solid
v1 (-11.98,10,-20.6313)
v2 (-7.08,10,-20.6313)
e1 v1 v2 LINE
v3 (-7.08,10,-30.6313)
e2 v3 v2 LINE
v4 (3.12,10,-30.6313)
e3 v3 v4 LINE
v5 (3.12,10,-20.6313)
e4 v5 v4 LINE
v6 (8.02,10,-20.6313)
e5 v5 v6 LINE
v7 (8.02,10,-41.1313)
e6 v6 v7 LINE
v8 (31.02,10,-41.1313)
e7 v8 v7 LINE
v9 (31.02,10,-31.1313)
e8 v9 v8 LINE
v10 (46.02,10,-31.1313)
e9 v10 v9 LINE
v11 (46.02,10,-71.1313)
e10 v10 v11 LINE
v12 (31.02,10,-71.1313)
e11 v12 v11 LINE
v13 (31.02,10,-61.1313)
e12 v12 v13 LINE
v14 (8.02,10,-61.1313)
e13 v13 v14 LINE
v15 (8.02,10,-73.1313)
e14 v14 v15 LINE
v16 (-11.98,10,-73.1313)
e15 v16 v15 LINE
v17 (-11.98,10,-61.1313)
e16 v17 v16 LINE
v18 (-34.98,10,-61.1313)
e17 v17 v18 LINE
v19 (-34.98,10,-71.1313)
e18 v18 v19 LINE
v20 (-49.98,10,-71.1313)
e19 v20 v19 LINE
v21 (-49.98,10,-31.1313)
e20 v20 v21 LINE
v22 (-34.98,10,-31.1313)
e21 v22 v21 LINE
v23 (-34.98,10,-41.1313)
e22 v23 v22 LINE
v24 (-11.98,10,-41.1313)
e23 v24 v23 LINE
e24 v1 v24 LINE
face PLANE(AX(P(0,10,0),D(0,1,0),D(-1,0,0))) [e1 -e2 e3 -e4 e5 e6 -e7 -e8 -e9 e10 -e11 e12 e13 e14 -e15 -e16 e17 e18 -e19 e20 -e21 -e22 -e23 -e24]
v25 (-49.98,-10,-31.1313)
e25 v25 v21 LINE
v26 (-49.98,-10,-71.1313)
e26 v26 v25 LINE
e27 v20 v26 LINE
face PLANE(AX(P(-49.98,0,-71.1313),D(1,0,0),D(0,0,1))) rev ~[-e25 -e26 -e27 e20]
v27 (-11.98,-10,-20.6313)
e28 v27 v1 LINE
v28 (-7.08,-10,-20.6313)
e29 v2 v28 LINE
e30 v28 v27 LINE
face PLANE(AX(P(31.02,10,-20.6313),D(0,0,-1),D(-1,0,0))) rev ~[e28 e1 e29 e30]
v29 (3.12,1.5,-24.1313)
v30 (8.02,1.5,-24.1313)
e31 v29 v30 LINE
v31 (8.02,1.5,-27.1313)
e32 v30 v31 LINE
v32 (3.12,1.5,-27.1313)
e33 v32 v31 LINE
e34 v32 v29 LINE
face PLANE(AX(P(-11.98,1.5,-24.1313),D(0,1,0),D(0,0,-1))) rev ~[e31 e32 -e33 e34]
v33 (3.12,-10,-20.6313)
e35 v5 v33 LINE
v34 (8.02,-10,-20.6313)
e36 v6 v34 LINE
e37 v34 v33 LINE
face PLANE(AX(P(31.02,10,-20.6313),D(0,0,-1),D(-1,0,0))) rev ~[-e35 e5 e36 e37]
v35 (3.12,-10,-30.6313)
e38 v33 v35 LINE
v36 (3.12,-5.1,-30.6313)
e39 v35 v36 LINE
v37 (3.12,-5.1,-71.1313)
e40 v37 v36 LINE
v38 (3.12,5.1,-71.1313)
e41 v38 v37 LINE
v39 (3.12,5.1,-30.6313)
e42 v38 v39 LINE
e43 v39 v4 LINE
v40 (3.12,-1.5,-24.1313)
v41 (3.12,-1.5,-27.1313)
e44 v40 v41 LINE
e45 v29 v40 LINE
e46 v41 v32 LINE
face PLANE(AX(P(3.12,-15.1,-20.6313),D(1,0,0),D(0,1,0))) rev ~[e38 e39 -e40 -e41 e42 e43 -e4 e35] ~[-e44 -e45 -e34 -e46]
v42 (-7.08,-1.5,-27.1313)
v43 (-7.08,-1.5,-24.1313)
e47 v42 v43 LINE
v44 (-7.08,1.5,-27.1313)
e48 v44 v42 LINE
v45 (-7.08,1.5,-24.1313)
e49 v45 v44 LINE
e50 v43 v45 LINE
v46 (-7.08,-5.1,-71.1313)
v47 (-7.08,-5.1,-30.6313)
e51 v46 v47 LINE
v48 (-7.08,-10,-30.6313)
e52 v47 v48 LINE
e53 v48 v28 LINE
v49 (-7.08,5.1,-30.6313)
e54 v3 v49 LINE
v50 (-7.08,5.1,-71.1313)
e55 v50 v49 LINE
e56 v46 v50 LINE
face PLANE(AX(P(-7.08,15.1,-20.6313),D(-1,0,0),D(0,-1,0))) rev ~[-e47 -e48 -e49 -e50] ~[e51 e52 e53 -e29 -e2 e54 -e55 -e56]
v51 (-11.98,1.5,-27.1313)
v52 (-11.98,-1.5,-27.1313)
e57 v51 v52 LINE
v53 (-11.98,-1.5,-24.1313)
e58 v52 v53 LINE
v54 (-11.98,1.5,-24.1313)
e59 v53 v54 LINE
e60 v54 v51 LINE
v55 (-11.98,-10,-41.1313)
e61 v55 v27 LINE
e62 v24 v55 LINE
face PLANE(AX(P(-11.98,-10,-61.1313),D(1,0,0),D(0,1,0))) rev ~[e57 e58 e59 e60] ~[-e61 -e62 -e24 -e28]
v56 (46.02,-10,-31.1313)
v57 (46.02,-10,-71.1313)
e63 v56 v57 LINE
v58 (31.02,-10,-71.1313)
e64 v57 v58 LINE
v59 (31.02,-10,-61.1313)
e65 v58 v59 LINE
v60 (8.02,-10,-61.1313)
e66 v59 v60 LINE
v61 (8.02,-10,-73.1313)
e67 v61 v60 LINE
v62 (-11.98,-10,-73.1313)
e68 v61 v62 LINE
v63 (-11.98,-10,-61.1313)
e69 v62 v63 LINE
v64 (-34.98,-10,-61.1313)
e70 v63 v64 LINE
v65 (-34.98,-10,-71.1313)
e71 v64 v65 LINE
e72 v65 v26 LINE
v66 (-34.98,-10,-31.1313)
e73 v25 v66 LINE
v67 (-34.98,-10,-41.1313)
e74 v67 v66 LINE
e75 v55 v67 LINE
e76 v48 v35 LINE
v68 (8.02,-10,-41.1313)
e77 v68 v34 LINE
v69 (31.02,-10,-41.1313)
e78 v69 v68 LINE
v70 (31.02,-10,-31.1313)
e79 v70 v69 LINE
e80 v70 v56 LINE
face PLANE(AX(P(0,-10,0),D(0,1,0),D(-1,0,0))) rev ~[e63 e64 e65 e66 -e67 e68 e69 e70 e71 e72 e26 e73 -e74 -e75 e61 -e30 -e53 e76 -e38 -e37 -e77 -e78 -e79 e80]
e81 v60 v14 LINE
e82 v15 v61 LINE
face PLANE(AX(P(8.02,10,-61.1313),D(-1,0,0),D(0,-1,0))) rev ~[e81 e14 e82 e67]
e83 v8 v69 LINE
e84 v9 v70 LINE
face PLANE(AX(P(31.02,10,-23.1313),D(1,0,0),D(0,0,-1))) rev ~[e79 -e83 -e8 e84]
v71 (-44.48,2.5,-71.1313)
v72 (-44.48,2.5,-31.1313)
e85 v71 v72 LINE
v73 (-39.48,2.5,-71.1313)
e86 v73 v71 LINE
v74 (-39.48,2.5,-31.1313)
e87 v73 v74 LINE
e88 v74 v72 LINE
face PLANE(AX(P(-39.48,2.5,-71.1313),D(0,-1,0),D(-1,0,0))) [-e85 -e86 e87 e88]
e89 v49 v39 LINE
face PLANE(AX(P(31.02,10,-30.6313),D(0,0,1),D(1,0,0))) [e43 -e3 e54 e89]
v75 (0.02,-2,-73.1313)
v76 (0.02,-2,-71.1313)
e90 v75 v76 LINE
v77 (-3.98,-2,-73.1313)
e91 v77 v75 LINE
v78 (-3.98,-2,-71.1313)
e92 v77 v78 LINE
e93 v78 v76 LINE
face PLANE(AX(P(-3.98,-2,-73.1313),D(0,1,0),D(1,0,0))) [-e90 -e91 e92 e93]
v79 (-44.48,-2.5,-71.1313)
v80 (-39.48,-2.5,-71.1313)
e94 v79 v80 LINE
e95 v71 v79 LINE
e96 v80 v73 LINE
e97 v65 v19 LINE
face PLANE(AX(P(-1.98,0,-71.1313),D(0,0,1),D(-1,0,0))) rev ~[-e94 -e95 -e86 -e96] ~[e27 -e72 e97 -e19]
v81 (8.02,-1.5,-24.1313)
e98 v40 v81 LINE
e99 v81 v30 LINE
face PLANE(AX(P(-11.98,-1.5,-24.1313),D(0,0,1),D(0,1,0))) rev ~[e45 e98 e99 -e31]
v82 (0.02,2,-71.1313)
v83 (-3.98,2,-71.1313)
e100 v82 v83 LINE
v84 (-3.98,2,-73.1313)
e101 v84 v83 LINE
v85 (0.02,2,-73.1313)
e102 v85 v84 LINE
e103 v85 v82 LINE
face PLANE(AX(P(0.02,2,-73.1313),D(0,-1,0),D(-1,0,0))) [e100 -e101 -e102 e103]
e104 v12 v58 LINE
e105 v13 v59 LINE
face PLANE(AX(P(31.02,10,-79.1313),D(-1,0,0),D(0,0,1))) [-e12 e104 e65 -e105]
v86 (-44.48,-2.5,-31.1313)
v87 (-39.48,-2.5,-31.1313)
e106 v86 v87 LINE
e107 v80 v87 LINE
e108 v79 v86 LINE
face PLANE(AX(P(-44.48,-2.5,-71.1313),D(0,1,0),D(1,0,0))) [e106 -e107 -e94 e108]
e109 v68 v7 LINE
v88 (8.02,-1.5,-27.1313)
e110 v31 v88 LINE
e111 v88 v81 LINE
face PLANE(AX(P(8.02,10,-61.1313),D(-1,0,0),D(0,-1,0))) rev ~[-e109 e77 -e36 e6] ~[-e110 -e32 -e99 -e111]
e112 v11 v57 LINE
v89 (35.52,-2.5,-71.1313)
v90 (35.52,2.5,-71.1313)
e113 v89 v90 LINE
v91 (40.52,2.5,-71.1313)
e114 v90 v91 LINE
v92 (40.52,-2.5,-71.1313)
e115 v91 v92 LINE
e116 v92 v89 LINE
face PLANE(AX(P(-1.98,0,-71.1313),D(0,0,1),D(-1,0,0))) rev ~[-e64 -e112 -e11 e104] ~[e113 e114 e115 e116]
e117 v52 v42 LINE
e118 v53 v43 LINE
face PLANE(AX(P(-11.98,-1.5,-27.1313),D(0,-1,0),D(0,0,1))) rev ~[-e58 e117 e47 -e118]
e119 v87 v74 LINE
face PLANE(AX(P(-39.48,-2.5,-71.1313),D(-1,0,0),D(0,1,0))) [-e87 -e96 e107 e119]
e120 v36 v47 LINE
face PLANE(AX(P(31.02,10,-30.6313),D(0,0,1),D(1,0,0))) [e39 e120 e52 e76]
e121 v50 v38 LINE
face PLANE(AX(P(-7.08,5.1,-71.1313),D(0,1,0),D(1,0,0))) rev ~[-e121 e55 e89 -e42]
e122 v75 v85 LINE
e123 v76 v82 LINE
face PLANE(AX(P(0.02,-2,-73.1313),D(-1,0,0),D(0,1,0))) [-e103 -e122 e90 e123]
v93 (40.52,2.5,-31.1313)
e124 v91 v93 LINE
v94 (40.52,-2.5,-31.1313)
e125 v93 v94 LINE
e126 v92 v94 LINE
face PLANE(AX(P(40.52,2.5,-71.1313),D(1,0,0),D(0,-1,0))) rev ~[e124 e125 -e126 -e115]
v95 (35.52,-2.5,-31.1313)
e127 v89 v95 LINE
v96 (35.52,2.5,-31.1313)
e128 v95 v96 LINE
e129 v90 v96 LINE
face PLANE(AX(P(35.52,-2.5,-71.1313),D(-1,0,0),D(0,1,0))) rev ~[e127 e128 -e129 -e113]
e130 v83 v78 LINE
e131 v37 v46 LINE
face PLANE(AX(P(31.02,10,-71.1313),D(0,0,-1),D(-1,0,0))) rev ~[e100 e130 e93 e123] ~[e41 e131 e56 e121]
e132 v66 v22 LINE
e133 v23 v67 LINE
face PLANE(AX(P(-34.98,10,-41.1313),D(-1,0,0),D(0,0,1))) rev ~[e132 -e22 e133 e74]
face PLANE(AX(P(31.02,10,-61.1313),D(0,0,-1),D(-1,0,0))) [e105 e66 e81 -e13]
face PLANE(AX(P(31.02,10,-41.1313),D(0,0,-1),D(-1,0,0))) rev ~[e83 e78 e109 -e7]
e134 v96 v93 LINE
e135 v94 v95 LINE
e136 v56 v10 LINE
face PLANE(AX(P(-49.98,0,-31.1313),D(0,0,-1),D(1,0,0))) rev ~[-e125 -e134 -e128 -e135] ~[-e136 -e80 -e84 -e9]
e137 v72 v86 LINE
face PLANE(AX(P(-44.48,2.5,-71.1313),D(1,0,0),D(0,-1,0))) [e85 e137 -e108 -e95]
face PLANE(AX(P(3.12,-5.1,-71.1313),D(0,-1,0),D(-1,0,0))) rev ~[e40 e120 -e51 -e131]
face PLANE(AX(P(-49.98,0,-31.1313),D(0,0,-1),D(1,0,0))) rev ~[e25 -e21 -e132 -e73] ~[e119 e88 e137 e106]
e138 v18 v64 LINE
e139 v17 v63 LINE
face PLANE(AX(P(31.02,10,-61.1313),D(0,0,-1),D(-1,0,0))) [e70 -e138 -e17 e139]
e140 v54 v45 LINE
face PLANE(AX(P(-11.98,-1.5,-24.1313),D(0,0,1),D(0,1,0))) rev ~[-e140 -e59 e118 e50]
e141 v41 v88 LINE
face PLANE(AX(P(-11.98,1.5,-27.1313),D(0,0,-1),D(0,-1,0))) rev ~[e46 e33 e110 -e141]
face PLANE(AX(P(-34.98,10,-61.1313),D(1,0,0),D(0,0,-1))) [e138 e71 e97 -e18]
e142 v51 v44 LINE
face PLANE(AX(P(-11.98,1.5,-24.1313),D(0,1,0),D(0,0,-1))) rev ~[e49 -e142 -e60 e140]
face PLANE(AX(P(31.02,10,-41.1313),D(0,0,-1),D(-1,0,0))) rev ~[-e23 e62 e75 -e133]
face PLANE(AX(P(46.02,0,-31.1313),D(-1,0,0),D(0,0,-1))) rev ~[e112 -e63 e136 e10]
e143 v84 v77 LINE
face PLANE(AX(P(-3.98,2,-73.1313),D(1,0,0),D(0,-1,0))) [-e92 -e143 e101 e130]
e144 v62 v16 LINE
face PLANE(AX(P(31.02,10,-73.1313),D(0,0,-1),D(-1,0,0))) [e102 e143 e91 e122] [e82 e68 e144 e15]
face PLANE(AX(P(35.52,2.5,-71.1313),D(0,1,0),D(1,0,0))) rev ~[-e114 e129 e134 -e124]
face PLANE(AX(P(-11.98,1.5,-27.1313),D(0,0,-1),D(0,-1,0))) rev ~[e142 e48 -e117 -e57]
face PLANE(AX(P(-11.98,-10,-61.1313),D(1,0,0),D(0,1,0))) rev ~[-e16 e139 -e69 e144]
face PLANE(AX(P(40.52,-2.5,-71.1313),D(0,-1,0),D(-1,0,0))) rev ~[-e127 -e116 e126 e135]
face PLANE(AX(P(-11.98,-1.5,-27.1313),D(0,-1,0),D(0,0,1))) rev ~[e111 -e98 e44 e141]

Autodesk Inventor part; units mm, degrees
ref_plane "YZ Plane" through (0, 0, 0) normal (1, 0, 0) x (0, 1, 0)
ref_plane "XZ Plane" through (0, 0, 0) normal (0, 1, 0) x (-1, 0, 0)
ref_plane "XY Plane" through (0, 0, 0) normal (0, 0, 1) x (1, 0, 0)
sketch "Sketch1" plane through (0, 0, 0) normal (0, 1, 0) x (-1, 0, 0)
  line L0 (41.98, 54.6032) -> (41.98, -104.2857) construction
  line L1 (-38.02, 54.6032) -> (-38.02, -101.9048) construction
  line L2 (49.98, -31.1313) -> (-46.02, -31.1313)
  line L3 (-46.02, -31.1313) -> (-46.02, -71.1313)
  line L4 (-46.02, -71.1313) -> (49.98, -71.1313)
  line L5 (49.98, -71.1313) -> (49.98, -31.1313)
  line L6 (1.98, 80.3555) -> (1.98, -108.9591)
  point P0 (0, 0)
  dimension "d0" = 80
  dimension "d1" = 8
  dimension "d2" = 40
extrude "Extrusion1" add sketch "Sketch1" along normal mid plane 20
sketch "Sketch2" plane through (46.02, 10, -71.1313) normal (0, 0, -1) x (-1, 0, 0)
  circle A0 centre (88, -10) radius 2.5 construction
  circle A1 centre (8, -10) radius 2.5 construction
  line L0 (10.5, -7.5) -> (5.5, -7.5)
  line L1 (5.5, -7.5) -> (5.5, -12.5)
  line L2 (5.5, -12.5) -> (10.5, -12.5)
  line L3 (10.5, -12.5) -> (10.5, -7.5)
  line L4 (85.5, -7.5) -> (90.5, -7.5)
  line L5 (90.5, -7.5) -> (90.5, -12.5)
  line L6 (90.5, -12.5) -> (85.5, -12.5)
  line L7 (85.5, -12.5) -> (85.5, -7.5)
  point P0 (46.02, -10)
  point P1 (88, -10)
  point P2 (8, -10)
  dimension "d5" = 5
  dimension "d6" = 5
extrude "Extrusion2" cut sketch "Sketch2" against normal through all
sketch "Sketch3" plane through (0, 10, 0) normal (0, 1, 0) x (1, 0, 0)
  line L0 (-49.98, 31.1313) -> (46.02, 31.1313) construction
  line L1 (46.02, 31.1313) -> (46.02, 71.1313) construction
  line L2 (46.02, 71.1313) -> (-49.98, 71.1313) construction
  line L3 (-49.98, 71.1313) -> (-49.98, 31.1313) construction
  line L4 (-34.98, 79.1313) -> (31.02, 79.1313)
  line L5 (31.02, 79.1313) -> (31.02, 61.1313)
  line L6 (31.02, 61.1313) -> (-34.98, 61.1313)
  line L7 (-34.98, 61.1313) -> (-34.98, 79.1313)
  line L8 (46.02, 31.1313) -> (-49.98, 31.1313) construction
  line L9 (-1.98, 31.1313) -> (-1.98, 128.9069) construction
  line L10 (-41.98, -54.6032) -> (-41.98, 104.2857) construction
  line L11 (-34.98, 23.1313) -> (31.02, 23.1313)
  line L12 (31.02, 23.1313) -> (31.02, 41.1313)
  line L13 (31.02, 41.1313) -> (-34.98, 41.1313)
  line L14 (-34.98, 41.1313) -> (-34.98, 23.1313)
  point P0 (0, 0)
  dimension "d9" = 7
  dimension "d10" = 10
  dimension "d11" = 18
  dimension "d14" = 10
  dimension "d15" = 18
extrude "Extrusion3" cut sketch "Sketch3" against normal through all
sketch "Sketch4" plane through (31.02, 10, -61.1313) normal (0, 0, -1) x (-1, 0, 0)
  line L0 (31.02, -10) -> (61.64, -10) construction
  line L1 (43, 0) -> (23, 0)
  line L2 (23, 0) -> (23, -20)
  line L3 (23, -20) -> (43, -20)
  line L4 (43, -20) -> (43, 0)
  line L5 (66, -20) -> (0, -20) construction
  line L6 (66, 0) -> (66, -20) construction
  line L7 (0, 0) -> (66, 0) construction
  line L8 (0, 0) -> (0, -20) construction
  line L9 (66, -20) -> (0, -20) construction
  line L10 (33, -20) -> (33, -66.7058) construction
  line L11 (66, -10) -> (82.2472, -10) construction
  dimension "d16" = 20
extrude "Extrusion4" add sketch "Sketch4" along normal blind 12 and the other way blind 40.5
ref_plane "Work Plane1" through (31.02, 10, -71.1313) normal (0, 0, -1) x (-1, 0, 0)
sketch "Sketch5" plane through (31.02, 10, -71.1313) normal (0, 0, -1) x (-1, 0, 0)
  line L0 (43, 0) -> (23, 0) construction
  line L1 (23, 0) -> (23, -20) construction
  line L2 (23, -20) -> (43, -20) construction
  line L3 (43, -20) -> (43, 0) construction
  line L4 (38.1, -4.9) -> (27.9, -4.9)
  line L5 (27.9, -4.9) -> (27.9, -15.1)
  line L6 (27.9, -15.1) -> (38.1, -15.1)
  line L7 (38.1, -15.1) -> (38.1, -4.9)
  line L8 (43, 0) -> (23, 0) construction
  line L9 (33, 0) -> (33, -20) construction
  line L10 (43, -20) -> (43, 0) construction
  line L11 (43, -10) -> (23, -10) construction
  line L12 (23, 0) -> (23, -20) construction
  point P0 (31.02, -10)
  dimension "d28" = 10.2
extrude "Extrusion5" cut sketch "Sketch5" against normal through all
ref_plane "Work Plane2" through (31.02, 10, -30.6313) normal (0, 0, -1) x (-1, 0, 0)
sketch "Sketch6" plane through (31.02, 10, -20.6313) normal (0, 0, 1) x (1, 0, 0)
  line L0 (-38.1, -25.1) -> (-27.9, -25.1)
  line L1 (-27.9, -25.1) -> (-27.9, 5.1)
  line L2 (-27.9, 5.1) -> (-38.1, 5.1)
  line L3 (-38.1, 5.1) -> (-38.1, -25.1)
  line L4 (-38.1, -4.9) -> (-27.9, -4.9) construction
  line L5 (-38.1, -15.1) -> (-38.1, -4.9) construction
  line L6 (-27.9, -15.1) -> (-38.1, -15.1) construction
  line L7 (-27.9, -4.9) -> (-27.9, -15.1) construction
  line L8 (-38.1, -15.1) -> (-38.1, -4.9) construction
  line L9 (-27.9, -4.9) -> (-27.9, -15.1) construction
  point P0 (-31.02, -10)
  dimension "d29" = 10
  dimension "d30" = 10
extrude "Extrusion6" cut sketch "Sketch6" against normal up to surface (10 mm away)
sketch "Sketch7" plane through (-11.98, -10, -41.1313) normal (-1, 0, 0) x (0, 0, 1)
  line L0 (10.5, -4) -> (10.5, 24) construction
  line L1 (0, 0) -> (0, 20) construction
  line L2 (20.5, 0) -> (0, 0) construction
  line L3 (20.5, 20) -> (20.5, 0) construction
  line L4 (0, 20) -> (20.5, 20) construction
  line L5 (20.5, 0) -> (20.5, 20) construction
  line L6 (20.5, 10) -> (1.9837, 10) construction
  line L7 (10.5, 0) -> (20.5, 0) construction
  line L8 (15.5, 0) -> (15.5, 20) construction
  line L9 (0, 20) -> (20.5, 20) construction
  circle A0 centre (15.5, 10) radius 1.5 construction
  line L10 (14, 8.5) -> (17, 8.5)
  line L11 (17, 8.5) -> (17, 11.5)
  line L12 (17, 11.5) -> (14, 11.5)
  line L13 (14, 11.5) -> (14, 8.5)
  point P0 (41.1313, 10)
  dimension "d31" = 3
extrude "Extrusion7" cut sketch "Sketch7" against normal through all
sketch "Sketch8" plane through (31.02, 10, -73.1313) normal (0, 0, -1) x (-1, 0, 0)
  line L0 (43, 0) -> (23, 0) construction
  line L1 (23, 0) -> (23, -20) construction
  line L2 (23, -20) -> (43, -20) construction
  line L3 (43, -20) -> (43, 0) construction
  line L4 (43, -10) -> (23, -10) construction
  line L5 (23, 0) -> (23, -20) construction
  line L6 (23, -20) -> (43, -20) construction
  line L7 (33, -20) -> (33, 0) construction
  circle A0 centre (33, -10) radius 2 construction
  line L8 (35, -12) -> (31, -12)
  line L9 (31, -12) -> (31, -8)
  line L10 (31, -8) -> (35, -8)
  line L11 (35, -8) -> (35, -12)
  point P0 (31.02, -10)
  dimension "d34" = 4
extrude "Extrusion8" cut sketch "Sketch8" against normal blind 20
equation "\"d6\" = d5"
properties part number "PRING_piston"
